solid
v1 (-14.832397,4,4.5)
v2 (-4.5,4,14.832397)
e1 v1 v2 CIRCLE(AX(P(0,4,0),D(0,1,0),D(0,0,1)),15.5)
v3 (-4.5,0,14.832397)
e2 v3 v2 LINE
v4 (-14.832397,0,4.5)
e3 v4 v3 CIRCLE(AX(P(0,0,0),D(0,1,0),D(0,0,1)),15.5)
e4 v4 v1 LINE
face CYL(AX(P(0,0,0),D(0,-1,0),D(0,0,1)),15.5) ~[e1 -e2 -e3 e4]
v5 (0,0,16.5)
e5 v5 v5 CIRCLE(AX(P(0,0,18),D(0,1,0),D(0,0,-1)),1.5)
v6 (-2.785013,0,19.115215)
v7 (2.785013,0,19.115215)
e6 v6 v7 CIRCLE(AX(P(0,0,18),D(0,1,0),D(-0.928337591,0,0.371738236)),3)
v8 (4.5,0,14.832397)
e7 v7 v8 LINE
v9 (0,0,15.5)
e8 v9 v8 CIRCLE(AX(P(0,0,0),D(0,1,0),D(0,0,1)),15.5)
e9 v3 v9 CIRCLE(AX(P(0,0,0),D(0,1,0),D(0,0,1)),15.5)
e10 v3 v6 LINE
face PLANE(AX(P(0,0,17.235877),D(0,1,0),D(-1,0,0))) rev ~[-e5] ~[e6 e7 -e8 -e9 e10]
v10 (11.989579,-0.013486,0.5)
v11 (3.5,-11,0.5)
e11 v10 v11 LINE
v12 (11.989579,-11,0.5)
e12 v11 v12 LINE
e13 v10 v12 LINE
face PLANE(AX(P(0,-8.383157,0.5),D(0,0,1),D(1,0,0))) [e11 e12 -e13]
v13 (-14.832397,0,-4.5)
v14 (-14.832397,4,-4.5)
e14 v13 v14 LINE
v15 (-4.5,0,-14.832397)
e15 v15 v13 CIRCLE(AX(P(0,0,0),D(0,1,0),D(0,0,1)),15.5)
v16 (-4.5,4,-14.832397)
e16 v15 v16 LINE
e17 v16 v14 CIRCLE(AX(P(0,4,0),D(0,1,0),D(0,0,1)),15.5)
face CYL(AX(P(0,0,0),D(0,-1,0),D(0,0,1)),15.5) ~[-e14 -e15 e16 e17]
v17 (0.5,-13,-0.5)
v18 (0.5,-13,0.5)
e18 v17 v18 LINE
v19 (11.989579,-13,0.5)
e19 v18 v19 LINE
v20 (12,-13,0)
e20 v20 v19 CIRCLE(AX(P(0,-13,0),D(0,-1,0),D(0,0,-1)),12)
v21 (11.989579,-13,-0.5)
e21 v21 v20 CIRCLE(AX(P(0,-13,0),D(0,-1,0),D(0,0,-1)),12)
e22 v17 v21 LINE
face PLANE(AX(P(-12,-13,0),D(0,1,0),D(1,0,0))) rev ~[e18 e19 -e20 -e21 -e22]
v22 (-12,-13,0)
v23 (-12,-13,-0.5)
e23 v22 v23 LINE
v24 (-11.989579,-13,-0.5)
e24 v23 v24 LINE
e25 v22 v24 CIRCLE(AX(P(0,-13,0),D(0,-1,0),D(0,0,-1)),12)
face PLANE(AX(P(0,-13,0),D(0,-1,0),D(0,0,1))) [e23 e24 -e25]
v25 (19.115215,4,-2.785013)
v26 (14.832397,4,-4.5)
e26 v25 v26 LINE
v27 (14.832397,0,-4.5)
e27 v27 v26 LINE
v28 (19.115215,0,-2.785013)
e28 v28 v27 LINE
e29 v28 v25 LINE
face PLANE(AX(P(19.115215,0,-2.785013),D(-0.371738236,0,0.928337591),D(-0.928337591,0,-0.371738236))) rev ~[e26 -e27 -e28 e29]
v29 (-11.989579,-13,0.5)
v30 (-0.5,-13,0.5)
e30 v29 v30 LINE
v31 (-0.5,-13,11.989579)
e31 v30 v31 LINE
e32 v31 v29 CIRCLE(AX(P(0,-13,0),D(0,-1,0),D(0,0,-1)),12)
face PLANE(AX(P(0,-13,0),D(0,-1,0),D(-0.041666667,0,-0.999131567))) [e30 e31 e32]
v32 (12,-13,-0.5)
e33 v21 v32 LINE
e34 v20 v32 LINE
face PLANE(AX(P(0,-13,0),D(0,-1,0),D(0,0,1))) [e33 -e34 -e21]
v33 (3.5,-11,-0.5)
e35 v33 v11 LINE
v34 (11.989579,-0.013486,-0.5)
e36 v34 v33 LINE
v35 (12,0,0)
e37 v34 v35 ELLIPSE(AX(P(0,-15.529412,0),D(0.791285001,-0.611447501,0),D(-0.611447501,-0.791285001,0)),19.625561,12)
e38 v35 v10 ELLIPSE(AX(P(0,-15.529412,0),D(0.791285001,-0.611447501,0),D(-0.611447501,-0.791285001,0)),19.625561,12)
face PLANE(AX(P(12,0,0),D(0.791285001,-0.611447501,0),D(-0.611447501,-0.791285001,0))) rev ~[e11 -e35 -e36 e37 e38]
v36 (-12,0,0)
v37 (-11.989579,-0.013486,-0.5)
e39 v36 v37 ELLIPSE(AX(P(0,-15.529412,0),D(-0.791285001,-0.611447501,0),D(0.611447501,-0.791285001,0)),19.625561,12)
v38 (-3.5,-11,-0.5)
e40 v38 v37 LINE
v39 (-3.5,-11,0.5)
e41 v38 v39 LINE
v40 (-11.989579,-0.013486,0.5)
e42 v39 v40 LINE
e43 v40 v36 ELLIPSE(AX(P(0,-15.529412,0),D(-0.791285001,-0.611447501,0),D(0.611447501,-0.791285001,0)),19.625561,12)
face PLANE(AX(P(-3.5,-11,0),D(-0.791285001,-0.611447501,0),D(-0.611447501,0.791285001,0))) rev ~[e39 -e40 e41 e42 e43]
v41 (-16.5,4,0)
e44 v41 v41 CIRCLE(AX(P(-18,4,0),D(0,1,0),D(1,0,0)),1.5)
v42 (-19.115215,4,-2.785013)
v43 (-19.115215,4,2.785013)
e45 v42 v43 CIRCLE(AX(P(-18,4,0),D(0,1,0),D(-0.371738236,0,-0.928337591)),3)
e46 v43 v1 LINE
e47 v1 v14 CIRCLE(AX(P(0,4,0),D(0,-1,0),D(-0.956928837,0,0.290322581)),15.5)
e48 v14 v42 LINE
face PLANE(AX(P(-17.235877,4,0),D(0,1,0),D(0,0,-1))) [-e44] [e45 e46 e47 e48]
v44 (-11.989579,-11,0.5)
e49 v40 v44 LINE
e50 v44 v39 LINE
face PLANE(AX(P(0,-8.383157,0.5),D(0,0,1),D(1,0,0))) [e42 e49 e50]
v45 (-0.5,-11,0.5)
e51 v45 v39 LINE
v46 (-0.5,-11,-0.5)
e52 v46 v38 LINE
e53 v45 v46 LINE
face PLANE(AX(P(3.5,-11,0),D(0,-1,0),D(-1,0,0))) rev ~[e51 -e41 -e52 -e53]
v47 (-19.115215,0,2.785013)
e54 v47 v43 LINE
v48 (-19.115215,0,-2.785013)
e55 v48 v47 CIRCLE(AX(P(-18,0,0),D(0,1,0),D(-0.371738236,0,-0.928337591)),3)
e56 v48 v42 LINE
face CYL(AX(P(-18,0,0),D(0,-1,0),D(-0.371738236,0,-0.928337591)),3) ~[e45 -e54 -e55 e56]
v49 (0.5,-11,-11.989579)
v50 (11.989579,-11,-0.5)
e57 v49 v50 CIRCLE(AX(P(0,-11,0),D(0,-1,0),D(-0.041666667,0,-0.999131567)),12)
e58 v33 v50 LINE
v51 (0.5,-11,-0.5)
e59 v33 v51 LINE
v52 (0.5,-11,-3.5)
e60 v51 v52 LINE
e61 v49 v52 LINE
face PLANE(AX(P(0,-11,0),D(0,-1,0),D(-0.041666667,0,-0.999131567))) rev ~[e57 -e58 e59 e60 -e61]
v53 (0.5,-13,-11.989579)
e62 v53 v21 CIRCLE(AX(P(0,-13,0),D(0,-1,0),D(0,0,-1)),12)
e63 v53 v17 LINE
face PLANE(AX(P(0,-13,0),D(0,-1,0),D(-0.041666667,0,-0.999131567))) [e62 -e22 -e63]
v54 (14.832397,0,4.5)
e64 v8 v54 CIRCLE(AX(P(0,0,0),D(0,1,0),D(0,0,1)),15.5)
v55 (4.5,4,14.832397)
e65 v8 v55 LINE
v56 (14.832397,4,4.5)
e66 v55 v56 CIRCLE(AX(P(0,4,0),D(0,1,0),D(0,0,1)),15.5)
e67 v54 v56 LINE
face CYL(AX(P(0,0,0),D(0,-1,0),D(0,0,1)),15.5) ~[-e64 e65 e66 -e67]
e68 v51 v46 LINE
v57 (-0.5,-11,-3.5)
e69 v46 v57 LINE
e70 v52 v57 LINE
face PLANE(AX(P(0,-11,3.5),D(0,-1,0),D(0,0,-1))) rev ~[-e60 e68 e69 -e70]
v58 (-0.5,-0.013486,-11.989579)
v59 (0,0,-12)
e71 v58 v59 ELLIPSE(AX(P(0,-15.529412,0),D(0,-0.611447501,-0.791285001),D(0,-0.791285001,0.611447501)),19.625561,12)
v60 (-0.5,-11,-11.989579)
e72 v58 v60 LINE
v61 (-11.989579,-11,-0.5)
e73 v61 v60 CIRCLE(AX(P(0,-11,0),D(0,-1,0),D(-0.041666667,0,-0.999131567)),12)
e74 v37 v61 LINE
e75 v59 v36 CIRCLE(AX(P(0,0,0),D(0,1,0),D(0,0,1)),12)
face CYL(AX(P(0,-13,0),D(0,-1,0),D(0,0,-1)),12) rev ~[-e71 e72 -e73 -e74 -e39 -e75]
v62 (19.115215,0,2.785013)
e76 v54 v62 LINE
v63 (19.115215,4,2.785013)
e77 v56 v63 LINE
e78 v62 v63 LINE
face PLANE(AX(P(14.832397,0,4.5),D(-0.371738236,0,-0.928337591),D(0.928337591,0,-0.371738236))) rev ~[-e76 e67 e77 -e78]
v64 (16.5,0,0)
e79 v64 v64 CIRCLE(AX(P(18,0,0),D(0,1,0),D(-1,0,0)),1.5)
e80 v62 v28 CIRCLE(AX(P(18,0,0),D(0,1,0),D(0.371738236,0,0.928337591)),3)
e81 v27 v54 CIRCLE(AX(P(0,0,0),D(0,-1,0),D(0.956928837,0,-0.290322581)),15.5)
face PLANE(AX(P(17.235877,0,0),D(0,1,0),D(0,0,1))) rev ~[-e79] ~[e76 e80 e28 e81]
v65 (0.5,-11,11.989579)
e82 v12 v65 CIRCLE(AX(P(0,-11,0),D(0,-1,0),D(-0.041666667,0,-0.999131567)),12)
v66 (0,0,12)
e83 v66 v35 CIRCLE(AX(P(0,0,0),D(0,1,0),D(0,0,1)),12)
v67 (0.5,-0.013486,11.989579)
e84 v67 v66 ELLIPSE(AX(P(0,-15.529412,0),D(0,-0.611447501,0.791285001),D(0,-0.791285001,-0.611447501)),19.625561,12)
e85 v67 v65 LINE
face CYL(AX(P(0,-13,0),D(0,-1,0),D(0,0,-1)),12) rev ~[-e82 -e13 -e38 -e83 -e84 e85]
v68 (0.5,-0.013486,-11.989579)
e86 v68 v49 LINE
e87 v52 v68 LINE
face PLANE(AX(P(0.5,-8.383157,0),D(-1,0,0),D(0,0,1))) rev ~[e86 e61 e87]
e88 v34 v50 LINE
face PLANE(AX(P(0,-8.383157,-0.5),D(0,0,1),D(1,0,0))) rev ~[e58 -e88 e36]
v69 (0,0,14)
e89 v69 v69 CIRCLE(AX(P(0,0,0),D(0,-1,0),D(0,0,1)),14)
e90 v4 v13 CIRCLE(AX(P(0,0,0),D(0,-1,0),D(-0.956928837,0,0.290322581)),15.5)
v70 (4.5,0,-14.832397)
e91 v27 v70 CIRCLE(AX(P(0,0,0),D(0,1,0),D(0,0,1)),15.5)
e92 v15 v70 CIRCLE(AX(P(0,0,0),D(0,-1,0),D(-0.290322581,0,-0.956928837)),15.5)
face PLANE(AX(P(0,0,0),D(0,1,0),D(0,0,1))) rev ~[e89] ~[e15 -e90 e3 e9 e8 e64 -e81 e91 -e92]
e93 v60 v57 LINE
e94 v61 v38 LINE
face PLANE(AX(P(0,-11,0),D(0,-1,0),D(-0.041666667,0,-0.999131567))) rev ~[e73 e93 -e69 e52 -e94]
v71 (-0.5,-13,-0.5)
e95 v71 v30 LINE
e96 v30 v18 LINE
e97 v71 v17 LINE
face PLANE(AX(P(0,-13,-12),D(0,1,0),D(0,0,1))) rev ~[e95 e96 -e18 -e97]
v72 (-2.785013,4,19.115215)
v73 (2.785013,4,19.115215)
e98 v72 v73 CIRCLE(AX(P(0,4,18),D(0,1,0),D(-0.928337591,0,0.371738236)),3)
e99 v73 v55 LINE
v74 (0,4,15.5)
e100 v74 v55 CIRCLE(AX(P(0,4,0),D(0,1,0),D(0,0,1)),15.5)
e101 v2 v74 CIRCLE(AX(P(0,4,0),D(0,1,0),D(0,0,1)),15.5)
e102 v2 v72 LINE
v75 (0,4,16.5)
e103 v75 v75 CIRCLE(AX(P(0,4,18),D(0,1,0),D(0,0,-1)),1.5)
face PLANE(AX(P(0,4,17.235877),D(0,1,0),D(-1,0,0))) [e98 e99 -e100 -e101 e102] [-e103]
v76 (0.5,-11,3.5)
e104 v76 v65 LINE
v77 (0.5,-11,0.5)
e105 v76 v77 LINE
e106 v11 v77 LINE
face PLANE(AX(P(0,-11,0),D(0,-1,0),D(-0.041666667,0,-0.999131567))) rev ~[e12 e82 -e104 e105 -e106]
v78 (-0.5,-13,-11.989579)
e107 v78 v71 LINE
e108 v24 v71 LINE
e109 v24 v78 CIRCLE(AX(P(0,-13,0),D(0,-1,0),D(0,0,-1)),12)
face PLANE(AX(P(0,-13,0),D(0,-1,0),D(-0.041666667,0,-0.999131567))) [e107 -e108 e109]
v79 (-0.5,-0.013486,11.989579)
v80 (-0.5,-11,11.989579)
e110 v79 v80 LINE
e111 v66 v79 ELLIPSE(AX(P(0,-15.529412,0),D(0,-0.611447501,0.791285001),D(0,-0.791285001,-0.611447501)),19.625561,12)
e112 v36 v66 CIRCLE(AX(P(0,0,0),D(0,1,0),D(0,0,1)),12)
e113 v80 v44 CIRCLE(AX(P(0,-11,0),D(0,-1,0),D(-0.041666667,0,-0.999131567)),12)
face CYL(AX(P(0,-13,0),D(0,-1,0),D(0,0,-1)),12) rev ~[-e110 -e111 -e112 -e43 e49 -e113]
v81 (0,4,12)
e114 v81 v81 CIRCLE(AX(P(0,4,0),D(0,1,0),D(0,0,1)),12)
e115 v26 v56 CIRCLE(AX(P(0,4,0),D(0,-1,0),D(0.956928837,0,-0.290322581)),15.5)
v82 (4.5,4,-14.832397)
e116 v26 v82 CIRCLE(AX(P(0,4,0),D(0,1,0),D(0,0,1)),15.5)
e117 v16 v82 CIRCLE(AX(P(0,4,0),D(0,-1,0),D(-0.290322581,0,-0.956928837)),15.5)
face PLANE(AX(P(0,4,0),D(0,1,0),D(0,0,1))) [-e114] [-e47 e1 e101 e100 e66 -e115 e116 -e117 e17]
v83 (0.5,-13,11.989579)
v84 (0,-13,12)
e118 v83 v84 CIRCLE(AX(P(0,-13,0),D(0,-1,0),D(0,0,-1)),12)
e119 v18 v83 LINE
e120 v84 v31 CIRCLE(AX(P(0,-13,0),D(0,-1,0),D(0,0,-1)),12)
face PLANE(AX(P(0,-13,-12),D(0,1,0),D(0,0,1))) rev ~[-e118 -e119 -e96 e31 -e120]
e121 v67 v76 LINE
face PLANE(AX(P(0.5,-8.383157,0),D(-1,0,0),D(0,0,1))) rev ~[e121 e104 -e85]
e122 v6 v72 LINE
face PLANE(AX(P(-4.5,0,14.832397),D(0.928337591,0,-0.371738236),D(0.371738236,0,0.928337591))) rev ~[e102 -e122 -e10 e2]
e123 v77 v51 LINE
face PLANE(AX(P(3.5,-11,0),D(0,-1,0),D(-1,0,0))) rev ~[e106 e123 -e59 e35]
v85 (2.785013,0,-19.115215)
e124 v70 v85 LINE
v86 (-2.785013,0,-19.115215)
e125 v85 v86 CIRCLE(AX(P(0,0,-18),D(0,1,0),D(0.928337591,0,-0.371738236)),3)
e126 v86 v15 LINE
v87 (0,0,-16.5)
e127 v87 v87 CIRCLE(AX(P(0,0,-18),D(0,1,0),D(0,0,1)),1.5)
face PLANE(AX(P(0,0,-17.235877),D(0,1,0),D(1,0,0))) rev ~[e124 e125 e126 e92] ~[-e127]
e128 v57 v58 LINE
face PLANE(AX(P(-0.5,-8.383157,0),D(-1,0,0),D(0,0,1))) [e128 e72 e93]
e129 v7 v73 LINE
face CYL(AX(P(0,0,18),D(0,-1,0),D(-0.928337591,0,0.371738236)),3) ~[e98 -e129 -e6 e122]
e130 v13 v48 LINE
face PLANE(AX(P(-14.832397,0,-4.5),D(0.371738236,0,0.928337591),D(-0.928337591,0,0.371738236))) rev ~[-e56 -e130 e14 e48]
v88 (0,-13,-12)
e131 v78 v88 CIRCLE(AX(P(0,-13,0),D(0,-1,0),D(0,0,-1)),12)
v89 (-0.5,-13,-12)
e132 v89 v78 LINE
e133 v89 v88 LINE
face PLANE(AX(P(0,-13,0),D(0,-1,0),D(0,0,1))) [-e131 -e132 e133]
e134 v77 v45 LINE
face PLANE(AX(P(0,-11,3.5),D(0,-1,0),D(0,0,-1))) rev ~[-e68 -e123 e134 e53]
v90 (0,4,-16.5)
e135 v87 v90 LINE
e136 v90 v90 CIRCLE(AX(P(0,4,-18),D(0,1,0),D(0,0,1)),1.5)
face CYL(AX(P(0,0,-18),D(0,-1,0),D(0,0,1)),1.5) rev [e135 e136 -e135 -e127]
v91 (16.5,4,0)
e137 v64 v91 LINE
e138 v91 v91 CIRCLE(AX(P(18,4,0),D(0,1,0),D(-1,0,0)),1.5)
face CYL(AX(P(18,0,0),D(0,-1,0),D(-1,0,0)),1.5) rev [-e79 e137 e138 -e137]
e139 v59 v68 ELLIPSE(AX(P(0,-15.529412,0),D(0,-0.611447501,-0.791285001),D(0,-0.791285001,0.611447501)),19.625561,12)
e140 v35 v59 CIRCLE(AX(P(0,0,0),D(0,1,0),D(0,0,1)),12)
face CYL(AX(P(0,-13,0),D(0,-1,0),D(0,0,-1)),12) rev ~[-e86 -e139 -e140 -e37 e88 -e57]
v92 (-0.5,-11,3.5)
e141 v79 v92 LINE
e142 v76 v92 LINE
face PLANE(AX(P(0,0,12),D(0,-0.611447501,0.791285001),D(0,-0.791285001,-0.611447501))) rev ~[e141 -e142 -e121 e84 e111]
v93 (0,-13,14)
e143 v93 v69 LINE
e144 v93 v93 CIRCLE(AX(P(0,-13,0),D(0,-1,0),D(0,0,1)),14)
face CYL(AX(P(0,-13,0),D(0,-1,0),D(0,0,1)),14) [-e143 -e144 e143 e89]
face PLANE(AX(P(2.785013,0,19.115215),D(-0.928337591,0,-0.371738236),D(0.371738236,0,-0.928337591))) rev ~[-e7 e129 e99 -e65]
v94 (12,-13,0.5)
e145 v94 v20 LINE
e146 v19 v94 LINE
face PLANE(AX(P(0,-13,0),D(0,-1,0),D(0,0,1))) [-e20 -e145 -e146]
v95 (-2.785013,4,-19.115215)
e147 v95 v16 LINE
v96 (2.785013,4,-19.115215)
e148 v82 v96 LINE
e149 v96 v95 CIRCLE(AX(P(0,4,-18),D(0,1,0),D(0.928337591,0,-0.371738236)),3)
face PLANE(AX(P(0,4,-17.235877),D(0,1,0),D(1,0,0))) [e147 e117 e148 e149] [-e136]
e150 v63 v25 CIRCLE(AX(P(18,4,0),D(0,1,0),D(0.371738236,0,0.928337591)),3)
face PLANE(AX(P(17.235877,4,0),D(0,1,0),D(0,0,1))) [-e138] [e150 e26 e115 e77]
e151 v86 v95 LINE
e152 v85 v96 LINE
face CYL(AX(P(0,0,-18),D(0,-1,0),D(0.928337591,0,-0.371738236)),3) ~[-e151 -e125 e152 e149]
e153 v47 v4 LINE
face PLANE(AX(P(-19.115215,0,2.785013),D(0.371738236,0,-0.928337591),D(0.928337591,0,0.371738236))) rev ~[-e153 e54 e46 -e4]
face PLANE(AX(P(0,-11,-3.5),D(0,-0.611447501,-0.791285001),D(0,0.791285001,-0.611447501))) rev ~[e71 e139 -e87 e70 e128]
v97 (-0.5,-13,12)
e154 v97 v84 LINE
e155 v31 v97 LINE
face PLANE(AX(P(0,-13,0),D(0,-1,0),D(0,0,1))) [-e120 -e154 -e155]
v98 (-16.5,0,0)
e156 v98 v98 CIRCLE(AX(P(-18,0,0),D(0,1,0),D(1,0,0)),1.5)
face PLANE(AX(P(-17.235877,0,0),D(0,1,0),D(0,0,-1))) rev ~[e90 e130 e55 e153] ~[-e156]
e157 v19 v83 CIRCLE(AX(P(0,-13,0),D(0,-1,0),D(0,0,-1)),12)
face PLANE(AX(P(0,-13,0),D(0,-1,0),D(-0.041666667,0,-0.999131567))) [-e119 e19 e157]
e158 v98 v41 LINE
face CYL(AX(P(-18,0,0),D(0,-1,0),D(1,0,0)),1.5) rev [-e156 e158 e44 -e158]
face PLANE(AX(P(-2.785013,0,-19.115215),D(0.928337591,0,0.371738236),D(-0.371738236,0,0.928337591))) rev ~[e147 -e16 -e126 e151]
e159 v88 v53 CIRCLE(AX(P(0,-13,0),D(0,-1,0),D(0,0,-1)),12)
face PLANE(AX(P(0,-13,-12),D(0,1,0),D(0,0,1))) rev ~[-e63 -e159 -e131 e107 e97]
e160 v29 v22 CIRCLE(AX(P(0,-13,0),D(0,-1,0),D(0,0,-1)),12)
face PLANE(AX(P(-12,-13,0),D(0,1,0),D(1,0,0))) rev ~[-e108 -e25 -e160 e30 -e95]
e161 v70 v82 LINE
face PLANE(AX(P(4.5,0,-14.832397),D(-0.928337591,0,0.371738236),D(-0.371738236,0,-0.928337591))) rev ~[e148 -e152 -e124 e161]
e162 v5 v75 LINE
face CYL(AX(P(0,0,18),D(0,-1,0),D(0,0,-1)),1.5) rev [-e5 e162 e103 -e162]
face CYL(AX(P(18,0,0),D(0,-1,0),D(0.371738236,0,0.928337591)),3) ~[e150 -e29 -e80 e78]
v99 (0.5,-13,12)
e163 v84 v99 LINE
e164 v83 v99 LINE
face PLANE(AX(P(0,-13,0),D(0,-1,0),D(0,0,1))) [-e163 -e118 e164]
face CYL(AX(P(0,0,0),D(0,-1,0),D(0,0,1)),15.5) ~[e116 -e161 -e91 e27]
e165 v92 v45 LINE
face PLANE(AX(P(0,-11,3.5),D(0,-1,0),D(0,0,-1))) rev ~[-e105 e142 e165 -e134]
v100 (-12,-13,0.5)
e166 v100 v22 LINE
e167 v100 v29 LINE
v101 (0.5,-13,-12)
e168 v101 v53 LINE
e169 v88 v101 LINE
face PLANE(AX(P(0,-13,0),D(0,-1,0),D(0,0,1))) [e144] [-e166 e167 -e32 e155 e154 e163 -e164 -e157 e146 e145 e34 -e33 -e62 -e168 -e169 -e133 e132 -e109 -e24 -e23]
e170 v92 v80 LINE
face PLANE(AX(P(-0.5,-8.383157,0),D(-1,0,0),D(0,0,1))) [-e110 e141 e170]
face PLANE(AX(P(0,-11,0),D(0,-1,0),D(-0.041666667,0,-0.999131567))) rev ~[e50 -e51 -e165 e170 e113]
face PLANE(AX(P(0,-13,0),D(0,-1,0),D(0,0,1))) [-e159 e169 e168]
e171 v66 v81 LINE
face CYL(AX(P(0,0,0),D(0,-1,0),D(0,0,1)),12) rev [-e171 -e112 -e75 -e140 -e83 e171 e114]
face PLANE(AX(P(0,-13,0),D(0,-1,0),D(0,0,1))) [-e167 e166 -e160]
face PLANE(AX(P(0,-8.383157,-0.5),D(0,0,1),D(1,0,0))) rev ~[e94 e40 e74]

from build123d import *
from build123d.topology import SkipClean

# Parameters (mm, degrees)
SKETCH1_R           = 15.5
SKETCH1_R_2         = 12
BOSS_EXTRUDE1_DEPTH = 4
BOSS_EXTRUDE2_START = 13
SKETCH2_R           = 14
SKETCH2_R_2         = 12
BOSS_EXTRUDE2_DEPTH = 13
BOSS_EXTRUDE3_DEPTH = 0.5
CIRPATTERN1_COUNT   = 4
BOSS_EXTRUDE4_START = -4
SKETCH4_R           = 1.5
BOSS_EXTRUDE4_DEPTH = 4
CIRPATTERN2_COUNT   = 4
SKETCH5_R           = 12
BOSS_EXTRUDE5_DEPTH = 2


with BuildPart() as part:
    # Sketch1 → Boss-Extrude1 (new body)
    with BuildSketch(Plane(origin=(0, 0, 0), x_dir=(1, 0, 0), z_dir=(0, 1, 0))):
        with Locations(Location((0, 0, 0), (0, 0, 270))):
            Circle(SKETCH1_R)
        with Locations(Location((0, 0, 0), (0, 0, 270))):
            Circle(SKETCH1_R_2, mode=Mode.SUBTRACT)
    extrude(amount=BOSS_EXTRUDE1_DEPTH)

    # Sketch2 → Boss-Extrude2 (add)
    with SkipClean():  # the faces are left unmerged after this step: merging them gives an invalid solid
        with BuildSketch(Plane.XZ.offset(BOSS_EXTRUDE2_START)):
            with Locations(Location((0, 0, 0), (0, 0, 90))):
                Circle(SKETCH2_R)
            with Locations(Location((0, 0, 0), (0, 0, 270))):
                Circle(SKETCH2_R_2, mode=Mode.SUBTRACT)
        extrude(amount=-BOSS_EXTRUDE2_DEPTH)

    # Sketch3 → Boss-Extrude3 (add, symmetric)
    with SkipClean():  # the faces are left unmerged after this step: merging them gives an invalid solid
        with BuildSketch(Plane(origin=(0, 0, 0), x_dir=(0, 0, -1), z_dir=(1, 0, 0))):
            Polygon((-12, 0), (-3.5, -11), (3.5, -11), (12, 0), (12, -13), (-12, -13), align=None)
        boss_extrude3 = extrude(amount=BOSS_EXTRUDE3_DEPTH, both=True)

    # CirPattern1: Boss-Extrude3 ×4 about axis
    with SkipClean():  # the faces are left unmerged after this step: merging them gives an invalid solid
        cirpattern1_axis = Axis((0, 0, 0), (0, 1, 0))
        for i in range(1, CIRPATTERN1_COUNT):
            add(boss_extrude3.rotate(cirpattern1_axis, i * 360 / CIRPATTERN1_COUNT))

    # Sketch4 → Boss-Extrude4 (add)
    with SkipClean():  # the faces are left unmerged after this step: merging them gives an invalid solid
        with BuildSketch(Plane(origin=(0, 4, 0), x_dir=(1, 0, 0), z_dir=(0, 1, 0)).offset(BOSS_EXTRUDE4_START)):
            with BuildLine():
                Line((-2.785012774, 19.115214709), (-4.5, 14.832396974))
                ThreePointArc((-4.5, 14.832396974), (0, 15.5), (4.5, 14.832396974))
                Line((4.5, 14.832396974), (2.785012774, 19.115214709))
                ThreePointArc((2.785012774, 19.115214709), (0, 21), (-2.785012774, 19.115214709))
            make_face()
            with Locations(Location((0, 18, 0), (0, 0, 270))):
                Circle(SKETCH4_R, mode=Mode.SUBTRACT)
        boss_extrude4 = extrude(amount=BOSS_EXTRUDE4_DEPTH)

    # CirPattern2: Boss-Extrude4 ×4 about axis
    with SkipClean():  # the faces are left unmerged after this step: merging them gives an invalid solid
        cirpattern2_axis = Axis((0, 0, 0), (0, 1, 0))
        for i in range(1, CIRPATTERN2_COUNT):
            add(boss_extrude4.rotate(cirpattern2_axis, i * 360 / CIRPATTERN2_COUNT))

    # Sketch5 → Boss-Extrude5 (add)
    with SkipClean():  # the faces are left unmerged after this step: merging them gives an invalid solid
        with BuildSketch(Plane.XZ.offset(13)):
            with Locations(Location((0, 0, 0), (0, 0, 267.611984537))):
                Circle(SKETCH5_R)
        extrude(amount=-BOSS_EXTRUDE5_DEPTH)


solid = part.part
